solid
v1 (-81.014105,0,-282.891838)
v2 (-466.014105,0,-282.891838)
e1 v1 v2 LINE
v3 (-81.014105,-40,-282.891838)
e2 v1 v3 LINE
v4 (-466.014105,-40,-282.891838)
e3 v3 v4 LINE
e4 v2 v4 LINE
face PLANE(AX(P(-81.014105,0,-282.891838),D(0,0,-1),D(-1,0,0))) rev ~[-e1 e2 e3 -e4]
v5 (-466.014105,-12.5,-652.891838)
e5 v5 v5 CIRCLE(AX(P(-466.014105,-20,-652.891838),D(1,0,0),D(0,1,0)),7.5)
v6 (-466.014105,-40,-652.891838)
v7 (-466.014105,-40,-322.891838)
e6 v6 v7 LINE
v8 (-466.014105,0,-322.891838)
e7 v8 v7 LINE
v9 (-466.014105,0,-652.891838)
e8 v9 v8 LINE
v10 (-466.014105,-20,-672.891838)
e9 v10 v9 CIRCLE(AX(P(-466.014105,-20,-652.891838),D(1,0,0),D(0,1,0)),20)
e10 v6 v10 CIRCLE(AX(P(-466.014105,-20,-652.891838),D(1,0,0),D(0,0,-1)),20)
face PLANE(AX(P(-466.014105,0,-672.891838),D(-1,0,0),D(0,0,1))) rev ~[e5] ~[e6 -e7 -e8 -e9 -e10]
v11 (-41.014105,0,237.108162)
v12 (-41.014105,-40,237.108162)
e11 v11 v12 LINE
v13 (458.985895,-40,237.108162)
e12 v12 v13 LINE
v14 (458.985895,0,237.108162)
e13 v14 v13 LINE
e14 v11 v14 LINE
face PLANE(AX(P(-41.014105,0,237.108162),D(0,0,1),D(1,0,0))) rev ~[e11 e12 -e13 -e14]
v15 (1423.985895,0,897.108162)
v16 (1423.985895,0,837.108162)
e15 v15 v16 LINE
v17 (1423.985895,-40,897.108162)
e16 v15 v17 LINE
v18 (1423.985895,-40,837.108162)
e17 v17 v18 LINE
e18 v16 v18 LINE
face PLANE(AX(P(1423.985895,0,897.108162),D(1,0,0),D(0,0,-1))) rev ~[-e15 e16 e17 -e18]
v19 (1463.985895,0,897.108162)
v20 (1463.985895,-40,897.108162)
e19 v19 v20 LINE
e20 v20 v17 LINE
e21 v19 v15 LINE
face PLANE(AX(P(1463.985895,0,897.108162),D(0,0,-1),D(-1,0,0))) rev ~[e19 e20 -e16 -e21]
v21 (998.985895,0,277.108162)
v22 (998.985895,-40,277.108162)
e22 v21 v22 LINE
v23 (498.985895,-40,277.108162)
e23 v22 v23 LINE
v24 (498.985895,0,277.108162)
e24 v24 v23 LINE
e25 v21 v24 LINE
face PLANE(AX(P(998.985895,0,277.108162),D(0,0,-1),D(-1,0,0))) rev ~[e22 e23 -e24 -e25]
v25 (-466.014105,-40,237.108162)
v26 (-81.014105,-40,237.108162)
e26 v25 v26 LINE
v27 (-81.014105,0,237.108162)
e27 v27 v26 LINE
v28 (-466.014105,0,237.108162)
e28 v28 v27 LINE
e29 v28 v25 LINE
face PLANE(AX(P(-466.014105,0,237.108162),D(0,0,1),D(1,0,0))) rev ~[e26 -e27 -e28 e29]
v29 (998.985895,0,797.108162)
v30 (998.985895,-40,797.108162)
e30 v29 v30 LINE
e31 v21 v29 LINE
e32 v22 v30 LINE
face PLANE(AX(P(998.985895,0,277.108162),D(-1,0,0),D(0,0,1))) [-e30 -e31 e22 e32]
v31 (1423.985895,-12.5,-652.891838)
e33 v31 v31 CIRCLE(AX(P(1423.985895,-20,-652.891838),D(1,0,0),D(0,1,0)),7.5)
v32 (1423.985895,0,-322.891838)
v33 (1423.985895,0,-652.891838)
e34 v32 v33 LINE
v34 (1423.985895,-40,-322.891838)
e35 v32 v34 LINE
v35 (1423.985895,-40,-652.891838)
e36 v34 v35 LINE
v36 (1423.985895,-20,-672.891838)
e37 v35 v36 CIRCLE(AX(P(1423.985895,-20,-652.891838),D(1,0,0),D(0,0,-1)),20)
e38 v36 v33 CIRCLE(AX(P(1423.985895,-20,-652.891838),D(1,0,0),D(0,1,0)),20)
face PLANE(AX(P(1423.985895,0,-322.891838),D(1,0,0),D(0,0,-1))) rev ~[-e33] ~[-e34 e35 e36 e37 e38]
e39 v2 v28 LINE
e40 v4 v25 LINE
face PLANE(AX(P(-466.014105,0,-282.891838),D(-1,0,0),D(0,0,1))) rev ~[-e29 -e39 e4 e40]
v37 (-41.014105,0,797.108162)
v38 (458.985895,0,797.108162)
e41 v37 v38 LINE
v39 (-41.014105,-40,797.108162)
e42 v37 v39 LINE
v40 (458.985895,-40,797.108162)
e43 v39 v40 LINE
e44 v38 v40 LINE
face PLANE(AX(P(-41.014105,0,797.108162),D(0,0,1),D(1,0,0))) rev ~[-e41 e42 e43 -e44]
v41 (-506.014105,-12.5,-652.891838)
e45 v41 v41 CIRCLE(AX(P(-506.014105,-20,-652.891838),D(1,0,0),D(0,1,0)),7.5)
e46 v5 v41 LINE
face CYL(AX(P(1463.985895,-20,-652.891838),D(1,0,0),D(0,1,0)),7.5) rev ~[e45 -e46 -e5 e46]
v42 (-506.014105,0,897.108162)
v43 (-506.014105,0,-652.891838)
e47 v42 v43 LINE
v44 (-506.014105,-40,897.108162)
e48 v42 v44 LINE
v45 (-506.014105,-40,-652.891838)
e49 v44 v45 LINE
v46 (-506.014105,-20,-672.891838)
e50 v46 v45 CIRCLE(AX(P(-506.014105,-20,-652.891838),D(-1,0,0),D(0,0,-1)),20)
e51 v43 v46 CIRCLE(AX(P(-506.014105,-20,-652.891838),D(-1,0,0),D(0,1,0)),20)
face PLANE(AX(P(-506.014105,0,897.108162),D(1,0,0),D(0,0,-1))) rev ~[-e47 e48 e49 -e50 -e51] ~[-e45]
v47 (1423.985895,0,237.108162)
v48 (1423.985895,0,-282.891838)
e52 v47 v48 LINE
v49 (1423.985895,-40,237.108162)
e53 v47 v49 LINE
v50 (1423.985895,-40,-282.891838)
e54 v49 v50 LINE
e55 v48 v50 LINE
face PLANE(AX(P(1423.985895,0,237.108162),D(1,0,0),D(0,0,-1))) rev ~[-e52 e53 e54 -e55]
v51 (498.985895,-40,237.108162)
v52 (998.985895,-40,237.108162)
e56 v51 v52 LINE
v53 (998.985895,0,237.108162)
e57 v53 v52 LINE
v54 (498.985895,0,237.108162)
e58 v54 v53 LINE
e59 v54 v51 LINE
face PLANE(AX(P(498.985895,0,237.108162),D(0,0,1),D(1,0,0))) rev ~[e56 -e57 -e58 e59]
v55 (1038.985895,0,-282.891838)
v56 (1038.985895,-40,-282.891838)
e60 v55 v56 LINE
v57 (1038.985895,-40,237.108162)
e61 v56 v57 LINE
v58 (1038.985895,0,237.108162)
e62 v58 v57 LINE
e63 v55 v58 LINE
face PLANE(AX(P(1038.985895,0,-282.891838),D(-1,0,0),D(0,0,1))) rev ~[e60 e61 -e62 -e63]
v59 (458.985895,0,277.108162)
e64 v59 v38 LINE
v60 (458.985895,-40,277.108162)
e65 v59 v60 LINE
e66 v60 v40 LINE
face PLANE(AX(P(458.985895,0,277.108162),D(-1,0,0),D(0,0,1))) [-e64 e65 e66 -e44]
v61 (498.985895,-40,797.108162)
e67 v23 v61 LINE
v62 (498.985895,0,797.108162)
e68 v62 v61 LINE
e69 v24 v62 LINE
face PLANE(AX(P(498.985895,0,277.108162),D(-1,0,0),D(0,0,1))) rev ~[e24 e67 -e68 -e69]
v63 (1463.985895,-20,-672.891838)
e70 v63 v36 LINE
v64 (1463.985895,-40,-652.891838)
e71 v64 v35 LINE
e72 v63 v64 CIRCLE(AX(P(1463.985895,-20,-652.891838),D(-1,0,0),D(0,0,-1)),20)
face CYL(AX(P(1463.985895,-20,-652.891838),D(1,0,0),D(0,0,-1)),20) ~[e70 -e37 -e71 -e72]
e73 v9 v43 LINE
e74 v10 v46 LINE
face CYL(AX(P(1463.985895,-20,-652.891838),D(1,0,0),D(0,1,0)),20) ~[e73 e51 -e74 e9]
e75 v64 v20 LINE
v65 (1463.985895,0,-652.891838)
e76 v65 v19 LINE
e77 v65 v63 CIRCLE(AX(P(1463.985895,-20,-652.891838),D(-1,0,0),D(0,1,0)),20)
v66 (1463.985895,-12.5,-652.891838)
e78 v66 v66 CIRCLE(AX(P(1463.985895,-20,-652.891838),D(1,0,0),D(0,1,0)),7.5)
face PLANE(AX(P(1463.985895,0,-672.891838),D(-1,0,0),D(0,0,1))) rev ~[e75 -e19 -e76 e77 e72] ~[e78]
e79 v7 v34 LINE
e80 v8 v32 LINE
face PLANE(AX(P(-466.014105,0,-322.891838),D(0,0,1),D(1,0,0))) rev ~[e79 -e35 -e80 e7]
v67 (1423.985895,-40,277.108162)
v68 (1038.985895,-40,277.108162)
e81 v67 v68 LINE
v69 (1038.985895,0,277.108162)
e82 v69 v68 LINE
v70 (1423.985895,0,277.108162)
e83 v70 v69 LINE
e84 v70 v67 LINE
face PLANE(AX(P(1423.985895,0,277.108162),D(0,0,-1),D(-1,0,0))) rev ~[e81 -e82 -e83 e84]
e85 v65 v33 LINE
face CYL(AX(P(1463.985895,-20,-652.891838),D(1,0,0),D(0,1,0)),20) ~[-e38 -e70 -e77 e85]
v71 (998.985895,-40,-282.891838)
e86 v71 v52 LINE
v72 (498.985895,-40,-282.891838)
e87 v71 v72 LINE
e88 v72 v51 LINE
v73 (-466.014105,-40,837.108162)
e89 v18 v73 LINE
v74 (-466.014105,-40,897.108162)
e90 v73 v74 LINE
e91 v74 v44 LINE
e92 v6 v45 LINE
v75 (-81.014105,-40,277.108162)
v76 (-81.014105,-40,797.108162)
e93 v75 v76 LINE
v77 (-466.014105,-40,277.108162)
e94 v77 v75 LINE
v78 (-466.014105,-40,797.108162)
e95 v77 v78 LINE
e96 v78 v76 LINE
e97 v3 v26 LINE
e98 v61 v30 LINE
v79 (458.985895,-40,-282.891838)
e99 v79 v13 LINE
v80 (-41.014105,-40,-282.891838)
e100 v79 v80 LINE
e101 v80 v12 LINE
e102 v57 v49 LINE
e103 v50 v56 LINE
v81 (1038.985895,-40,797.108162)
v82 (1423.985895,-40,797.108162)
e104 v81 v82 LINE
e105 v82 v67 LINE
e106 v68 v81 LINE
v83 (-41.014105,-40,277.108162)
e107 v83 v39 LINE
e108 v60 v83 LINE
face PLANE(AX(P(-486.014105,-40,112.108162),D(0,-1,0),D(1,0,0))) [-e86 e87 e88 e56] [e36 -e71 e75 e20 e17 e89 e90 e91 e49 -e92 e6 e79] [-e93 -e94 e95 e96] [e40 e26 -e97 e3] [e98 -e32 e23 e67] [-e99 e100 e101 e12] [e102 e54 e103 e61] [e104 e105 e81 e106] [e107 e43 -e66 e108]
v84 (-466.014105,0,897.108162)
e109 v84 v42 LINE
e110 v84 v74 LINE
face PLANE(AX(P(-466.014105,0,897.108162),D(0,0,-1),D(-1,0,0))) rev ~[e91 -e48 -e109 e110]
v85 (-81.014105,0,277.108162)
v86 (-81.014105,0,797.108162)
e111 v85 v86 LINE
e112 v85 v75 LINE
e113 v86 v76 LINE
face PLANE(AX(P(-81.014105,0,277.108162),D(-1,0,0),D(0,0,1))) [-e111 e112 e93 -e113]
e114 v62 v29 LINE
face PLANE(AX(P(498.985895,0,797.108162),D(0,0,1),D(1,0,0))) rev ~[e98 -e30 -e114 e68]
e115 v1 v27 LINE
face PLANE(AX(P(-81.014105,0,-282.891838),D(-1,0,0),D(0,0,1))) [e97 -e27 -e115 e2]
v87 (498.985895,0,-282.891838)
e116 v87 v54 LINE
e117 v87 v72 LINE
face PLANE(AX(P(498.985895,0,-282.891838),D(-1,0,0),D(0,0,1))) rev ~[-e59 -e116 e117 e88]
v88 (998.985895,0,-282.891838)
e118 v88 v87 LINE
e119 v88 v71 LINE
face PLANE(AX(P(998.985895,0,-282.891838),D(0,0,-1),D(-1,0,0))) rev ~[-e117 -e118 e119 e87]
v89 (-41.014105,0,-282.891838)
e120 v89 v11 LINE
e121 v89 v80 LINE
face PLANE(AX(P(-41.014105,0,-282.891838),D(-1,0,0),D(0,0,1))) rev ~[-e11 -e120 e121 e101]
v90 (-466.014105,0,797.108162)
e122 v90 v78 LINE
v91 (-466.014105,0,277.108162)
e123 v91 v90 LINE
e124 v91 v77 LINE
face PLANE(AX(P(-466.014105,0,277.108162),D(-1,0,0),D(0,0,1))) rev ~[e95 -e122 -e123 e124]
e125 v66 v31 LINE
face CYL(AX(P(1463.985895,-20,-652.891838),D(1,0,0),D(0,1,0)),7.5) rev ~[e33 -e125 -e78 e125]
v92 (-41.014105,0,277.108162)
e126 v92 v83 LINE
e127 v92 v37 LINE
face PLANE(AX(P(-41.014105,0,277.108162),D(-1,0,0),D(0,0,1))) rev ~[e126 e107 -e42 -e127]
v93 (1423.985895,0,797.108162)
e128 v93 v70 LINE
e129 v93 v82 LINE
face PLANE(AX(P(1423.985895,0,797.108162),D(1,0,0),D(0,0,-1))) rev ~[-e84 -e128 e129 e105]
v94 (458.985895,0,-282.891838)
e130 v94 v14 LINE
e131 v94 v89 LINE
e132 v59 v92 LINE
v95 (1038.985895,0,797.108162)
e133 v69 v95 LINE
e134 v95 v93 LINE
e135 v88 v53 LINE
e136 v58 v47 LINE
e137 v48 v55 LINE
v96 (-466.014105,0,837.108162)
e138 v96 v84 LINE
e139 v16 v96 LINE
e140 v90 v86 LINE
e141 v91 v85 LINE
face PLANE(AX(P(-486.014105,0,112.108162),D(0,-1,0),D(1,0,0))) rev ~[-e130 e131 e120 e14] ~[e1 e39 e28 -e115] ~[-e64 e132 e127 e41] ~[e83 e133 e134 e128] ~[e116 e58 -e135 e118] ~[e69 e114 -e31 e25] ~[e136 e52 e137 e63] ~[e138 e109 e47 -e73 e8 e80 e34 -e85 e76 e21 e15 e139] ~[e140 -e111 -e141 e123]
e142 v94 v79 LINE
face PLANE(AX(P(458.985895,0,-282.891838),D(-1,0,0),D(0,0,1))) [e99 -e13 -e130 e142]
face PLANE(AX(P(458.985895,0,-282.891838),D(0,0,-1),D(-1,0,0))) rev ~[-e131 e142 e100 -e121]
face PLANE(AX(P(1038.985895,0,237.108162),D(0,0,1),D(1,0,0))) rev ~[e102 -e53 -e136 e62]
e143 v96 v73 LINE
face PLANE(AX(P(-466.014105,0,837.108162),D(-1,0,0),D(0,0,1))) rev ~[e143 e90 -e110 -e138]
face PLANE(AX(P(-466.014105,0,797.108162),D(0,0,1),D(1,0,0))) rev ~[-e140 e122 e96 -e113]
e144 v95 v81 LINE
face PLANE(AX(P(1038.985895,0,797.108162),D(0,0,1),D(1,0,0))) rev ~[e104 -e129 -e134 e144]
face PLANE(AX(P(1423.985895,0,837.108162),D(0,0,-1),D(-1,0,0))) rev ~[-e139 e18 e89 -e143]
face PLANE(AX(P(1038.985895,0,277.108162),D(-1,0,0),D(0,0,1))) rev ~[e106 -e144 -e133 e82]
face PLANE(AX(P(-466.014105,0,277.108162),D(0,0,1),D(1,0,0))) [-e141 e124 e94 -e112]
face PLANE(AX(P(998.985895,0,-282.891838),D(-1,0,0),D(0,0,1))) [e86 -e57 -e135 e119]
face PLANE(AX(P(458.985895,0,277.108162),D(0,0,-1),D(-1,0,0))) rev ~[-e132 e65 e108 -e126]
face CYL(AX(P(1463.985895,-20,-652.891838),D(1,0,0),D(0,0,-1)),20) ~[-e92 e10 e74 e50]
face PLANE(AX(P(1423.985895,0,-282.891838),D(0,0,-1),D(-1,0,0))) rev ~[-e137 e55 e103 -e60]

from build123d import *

# Parameters (mm, degrees)
F0_W     = 385
F0_H     = 40
F0_W_2   = 40
F0_W_3   = 500
F0_H_2   = 520
F1_DEPTH = 40
F2_R     = 7.5
F3_DEPTH = 1970


with BuildPart() as f1:
    # F0 (on Front) → F1 (new body)
    with BuildSketch(Plane.XZ):
        Polygon((-466.0141045587, 897.1081616529), (-506.0141045587, 897.1081616529), (-506.0141045587, -672.8918383471), (-466.0141045587, -672.8918383471), (-466.0141045587, -322.8918383471), (-466.0141045587, -282.8918383471), (-466.0141045587, 237.1081616529), (-466.0141045587, 277.1081616529), (-466.0141045587, 797.1081616529), (-466.0141045587, 837.1081616529), align=None)
        with Locations((-273.5141045587, 817.1081616529)):
            Rectangle(F0_W, F0_H)
        with Locations((-273.5141045587, -302.8918383471)):
            Rectangle(F0_W, F0_H)
        with Locations((-61.0141045587, 817.1081616529)):
            Rectangle(F0_W_2, F0_H)
        with Locations((-61.0141045587, -302.8918383471)):
            Rectangle(F0_W_2, F0_H)
        with Locations((208.9858954413, 817.1081616529)):
            Rectangle(F0_W_3, F0_H)
        with Locations((208.9858954413, -302.8918383471)):
            Rectangle(F0_W_3, F0_H)
        with Locations((478.9858954413, 817.1081616529)):
            Rectangle(F0_W_2, F0_H)
        with Locations((478.9858954413, -302.8918383471)):
            Rectangle(F0_W_2, F0_H)
        with Locations((748.9858954413, 817.1081616529)):
            Rectangle(F0_W_3, F0_H)
        with Locations((748.9858954413, -302.8918383471)):
            Rectangle(F0_W_3, F0_H)
        with Locations((1018.9858954413, 817.1081616529)):
            Rectangle(F0_W_2, F0_H)
        with Locations((1018.9858954413, -302.8918383471)):
            Rectangle(F0_W_2, F0_H)
        with Locations((1231.4858954413, 817.1081616529)):
            Rectangle(F0_W, F0_H)
        with Locations((1231.4858954413, -302.8918383471)):
            Rectangle(F0_W, F0_H)
        Polygon((1423.9858954413, 897.1081616529), (1423.9858954413, 837.1081616529), (1423.9858954413, 797.1081616529), (1423.9858954413, 277.1081616529), (1423.9858954413, 237.1081616529), (1423.9858954413, -282.8918383471), (1423.9858954413, -322.8918383471), (1423.9858954413, -672.8918383471), (1463.9858954413, -672.8918383471), (1463.9858954413, 897.1081616529), align=None)
        with Locations((-61.0141045587, 537.1081616529)):
            Rectangle(F0_W_2, F0_H_2)
        with Locations((-273.5141045587, 257.1081616529)):
            Rectangle(F0_W, F0_H)
        with Locations((-61.0141045587, 257.1081616529)):
            Rectangle(F0_W_2, F0_H)
        with Locations((-61.0141045587, -22.8918383471)):
            Rectangle(F0_W_2, F0_H_2)
        with Locations((208.9858954413, 257.1081616529)):
            Rectangle(F0_W_3, F0_H)
        with Locations((1231.4858954413, 257.1081616529)):
            Rectangle(F0_W, F0_H)
        with Locations((478.9858954413, 257.1081616529)):
            Rectangle(F0_W_2, F0_H)
        with Locations((478.9858954413, -22.8918383471)):
            Rectangle(F0_W_2, F0_H_2)
        with Locations((478.9858954413, 537.1081616529)):
            Rectangle(F0_W_2, F0_H_2)
        with Locations((748.9858954413, 257.1081616529)):
            Rectangle(F0_W_3, F0_H)
        with Locations((1018.9858954413, 257.1081616529)):
            Rectangle(F0_W_2, F0_H)
        with Locations((1018.9858954413, 537.1081616529)):
            Rectangle(F0_W_2, F0_H_2)
        with Locations((1018.9858954413, -22.8918383471)):
            Rectangle(F0_W_2, F0_H_2)
    extrude(amount=F1_DEPTH)

    # F2 (on face) → F3 (cut, through all)
    with BuildSketch(Plane.YZ.offset(1463.9858954413)):
        with Locations((-20, -652.8918383471)):
            Circle(F2_R)
        with BuildLine():
            ThreePointArc((-20, -672.8918383471), (-34.1421356237, -667.0339739708), (-40, -652.8918383471))
            Line((-40, -652.8918383471), (-40, -672.8918383471))
            Line((-40, -672.8918383471), (-20, -672.8918383471))
        make_face()
        with BuildLine():
            ThreePointArc((0, -652.8918383471), (-5.8578643763, -667.0339739708), (-20, -672.8918383471))
            Line((-20, -672.8918383471), (0, -672.8918383471))
            Line((0, -672.8918383471), (0, -652.8918383471))
        make_face()
    extrude(amount=-F3_DEPTH, mode=Mode.SUBTRACT)


solid = f1.part
